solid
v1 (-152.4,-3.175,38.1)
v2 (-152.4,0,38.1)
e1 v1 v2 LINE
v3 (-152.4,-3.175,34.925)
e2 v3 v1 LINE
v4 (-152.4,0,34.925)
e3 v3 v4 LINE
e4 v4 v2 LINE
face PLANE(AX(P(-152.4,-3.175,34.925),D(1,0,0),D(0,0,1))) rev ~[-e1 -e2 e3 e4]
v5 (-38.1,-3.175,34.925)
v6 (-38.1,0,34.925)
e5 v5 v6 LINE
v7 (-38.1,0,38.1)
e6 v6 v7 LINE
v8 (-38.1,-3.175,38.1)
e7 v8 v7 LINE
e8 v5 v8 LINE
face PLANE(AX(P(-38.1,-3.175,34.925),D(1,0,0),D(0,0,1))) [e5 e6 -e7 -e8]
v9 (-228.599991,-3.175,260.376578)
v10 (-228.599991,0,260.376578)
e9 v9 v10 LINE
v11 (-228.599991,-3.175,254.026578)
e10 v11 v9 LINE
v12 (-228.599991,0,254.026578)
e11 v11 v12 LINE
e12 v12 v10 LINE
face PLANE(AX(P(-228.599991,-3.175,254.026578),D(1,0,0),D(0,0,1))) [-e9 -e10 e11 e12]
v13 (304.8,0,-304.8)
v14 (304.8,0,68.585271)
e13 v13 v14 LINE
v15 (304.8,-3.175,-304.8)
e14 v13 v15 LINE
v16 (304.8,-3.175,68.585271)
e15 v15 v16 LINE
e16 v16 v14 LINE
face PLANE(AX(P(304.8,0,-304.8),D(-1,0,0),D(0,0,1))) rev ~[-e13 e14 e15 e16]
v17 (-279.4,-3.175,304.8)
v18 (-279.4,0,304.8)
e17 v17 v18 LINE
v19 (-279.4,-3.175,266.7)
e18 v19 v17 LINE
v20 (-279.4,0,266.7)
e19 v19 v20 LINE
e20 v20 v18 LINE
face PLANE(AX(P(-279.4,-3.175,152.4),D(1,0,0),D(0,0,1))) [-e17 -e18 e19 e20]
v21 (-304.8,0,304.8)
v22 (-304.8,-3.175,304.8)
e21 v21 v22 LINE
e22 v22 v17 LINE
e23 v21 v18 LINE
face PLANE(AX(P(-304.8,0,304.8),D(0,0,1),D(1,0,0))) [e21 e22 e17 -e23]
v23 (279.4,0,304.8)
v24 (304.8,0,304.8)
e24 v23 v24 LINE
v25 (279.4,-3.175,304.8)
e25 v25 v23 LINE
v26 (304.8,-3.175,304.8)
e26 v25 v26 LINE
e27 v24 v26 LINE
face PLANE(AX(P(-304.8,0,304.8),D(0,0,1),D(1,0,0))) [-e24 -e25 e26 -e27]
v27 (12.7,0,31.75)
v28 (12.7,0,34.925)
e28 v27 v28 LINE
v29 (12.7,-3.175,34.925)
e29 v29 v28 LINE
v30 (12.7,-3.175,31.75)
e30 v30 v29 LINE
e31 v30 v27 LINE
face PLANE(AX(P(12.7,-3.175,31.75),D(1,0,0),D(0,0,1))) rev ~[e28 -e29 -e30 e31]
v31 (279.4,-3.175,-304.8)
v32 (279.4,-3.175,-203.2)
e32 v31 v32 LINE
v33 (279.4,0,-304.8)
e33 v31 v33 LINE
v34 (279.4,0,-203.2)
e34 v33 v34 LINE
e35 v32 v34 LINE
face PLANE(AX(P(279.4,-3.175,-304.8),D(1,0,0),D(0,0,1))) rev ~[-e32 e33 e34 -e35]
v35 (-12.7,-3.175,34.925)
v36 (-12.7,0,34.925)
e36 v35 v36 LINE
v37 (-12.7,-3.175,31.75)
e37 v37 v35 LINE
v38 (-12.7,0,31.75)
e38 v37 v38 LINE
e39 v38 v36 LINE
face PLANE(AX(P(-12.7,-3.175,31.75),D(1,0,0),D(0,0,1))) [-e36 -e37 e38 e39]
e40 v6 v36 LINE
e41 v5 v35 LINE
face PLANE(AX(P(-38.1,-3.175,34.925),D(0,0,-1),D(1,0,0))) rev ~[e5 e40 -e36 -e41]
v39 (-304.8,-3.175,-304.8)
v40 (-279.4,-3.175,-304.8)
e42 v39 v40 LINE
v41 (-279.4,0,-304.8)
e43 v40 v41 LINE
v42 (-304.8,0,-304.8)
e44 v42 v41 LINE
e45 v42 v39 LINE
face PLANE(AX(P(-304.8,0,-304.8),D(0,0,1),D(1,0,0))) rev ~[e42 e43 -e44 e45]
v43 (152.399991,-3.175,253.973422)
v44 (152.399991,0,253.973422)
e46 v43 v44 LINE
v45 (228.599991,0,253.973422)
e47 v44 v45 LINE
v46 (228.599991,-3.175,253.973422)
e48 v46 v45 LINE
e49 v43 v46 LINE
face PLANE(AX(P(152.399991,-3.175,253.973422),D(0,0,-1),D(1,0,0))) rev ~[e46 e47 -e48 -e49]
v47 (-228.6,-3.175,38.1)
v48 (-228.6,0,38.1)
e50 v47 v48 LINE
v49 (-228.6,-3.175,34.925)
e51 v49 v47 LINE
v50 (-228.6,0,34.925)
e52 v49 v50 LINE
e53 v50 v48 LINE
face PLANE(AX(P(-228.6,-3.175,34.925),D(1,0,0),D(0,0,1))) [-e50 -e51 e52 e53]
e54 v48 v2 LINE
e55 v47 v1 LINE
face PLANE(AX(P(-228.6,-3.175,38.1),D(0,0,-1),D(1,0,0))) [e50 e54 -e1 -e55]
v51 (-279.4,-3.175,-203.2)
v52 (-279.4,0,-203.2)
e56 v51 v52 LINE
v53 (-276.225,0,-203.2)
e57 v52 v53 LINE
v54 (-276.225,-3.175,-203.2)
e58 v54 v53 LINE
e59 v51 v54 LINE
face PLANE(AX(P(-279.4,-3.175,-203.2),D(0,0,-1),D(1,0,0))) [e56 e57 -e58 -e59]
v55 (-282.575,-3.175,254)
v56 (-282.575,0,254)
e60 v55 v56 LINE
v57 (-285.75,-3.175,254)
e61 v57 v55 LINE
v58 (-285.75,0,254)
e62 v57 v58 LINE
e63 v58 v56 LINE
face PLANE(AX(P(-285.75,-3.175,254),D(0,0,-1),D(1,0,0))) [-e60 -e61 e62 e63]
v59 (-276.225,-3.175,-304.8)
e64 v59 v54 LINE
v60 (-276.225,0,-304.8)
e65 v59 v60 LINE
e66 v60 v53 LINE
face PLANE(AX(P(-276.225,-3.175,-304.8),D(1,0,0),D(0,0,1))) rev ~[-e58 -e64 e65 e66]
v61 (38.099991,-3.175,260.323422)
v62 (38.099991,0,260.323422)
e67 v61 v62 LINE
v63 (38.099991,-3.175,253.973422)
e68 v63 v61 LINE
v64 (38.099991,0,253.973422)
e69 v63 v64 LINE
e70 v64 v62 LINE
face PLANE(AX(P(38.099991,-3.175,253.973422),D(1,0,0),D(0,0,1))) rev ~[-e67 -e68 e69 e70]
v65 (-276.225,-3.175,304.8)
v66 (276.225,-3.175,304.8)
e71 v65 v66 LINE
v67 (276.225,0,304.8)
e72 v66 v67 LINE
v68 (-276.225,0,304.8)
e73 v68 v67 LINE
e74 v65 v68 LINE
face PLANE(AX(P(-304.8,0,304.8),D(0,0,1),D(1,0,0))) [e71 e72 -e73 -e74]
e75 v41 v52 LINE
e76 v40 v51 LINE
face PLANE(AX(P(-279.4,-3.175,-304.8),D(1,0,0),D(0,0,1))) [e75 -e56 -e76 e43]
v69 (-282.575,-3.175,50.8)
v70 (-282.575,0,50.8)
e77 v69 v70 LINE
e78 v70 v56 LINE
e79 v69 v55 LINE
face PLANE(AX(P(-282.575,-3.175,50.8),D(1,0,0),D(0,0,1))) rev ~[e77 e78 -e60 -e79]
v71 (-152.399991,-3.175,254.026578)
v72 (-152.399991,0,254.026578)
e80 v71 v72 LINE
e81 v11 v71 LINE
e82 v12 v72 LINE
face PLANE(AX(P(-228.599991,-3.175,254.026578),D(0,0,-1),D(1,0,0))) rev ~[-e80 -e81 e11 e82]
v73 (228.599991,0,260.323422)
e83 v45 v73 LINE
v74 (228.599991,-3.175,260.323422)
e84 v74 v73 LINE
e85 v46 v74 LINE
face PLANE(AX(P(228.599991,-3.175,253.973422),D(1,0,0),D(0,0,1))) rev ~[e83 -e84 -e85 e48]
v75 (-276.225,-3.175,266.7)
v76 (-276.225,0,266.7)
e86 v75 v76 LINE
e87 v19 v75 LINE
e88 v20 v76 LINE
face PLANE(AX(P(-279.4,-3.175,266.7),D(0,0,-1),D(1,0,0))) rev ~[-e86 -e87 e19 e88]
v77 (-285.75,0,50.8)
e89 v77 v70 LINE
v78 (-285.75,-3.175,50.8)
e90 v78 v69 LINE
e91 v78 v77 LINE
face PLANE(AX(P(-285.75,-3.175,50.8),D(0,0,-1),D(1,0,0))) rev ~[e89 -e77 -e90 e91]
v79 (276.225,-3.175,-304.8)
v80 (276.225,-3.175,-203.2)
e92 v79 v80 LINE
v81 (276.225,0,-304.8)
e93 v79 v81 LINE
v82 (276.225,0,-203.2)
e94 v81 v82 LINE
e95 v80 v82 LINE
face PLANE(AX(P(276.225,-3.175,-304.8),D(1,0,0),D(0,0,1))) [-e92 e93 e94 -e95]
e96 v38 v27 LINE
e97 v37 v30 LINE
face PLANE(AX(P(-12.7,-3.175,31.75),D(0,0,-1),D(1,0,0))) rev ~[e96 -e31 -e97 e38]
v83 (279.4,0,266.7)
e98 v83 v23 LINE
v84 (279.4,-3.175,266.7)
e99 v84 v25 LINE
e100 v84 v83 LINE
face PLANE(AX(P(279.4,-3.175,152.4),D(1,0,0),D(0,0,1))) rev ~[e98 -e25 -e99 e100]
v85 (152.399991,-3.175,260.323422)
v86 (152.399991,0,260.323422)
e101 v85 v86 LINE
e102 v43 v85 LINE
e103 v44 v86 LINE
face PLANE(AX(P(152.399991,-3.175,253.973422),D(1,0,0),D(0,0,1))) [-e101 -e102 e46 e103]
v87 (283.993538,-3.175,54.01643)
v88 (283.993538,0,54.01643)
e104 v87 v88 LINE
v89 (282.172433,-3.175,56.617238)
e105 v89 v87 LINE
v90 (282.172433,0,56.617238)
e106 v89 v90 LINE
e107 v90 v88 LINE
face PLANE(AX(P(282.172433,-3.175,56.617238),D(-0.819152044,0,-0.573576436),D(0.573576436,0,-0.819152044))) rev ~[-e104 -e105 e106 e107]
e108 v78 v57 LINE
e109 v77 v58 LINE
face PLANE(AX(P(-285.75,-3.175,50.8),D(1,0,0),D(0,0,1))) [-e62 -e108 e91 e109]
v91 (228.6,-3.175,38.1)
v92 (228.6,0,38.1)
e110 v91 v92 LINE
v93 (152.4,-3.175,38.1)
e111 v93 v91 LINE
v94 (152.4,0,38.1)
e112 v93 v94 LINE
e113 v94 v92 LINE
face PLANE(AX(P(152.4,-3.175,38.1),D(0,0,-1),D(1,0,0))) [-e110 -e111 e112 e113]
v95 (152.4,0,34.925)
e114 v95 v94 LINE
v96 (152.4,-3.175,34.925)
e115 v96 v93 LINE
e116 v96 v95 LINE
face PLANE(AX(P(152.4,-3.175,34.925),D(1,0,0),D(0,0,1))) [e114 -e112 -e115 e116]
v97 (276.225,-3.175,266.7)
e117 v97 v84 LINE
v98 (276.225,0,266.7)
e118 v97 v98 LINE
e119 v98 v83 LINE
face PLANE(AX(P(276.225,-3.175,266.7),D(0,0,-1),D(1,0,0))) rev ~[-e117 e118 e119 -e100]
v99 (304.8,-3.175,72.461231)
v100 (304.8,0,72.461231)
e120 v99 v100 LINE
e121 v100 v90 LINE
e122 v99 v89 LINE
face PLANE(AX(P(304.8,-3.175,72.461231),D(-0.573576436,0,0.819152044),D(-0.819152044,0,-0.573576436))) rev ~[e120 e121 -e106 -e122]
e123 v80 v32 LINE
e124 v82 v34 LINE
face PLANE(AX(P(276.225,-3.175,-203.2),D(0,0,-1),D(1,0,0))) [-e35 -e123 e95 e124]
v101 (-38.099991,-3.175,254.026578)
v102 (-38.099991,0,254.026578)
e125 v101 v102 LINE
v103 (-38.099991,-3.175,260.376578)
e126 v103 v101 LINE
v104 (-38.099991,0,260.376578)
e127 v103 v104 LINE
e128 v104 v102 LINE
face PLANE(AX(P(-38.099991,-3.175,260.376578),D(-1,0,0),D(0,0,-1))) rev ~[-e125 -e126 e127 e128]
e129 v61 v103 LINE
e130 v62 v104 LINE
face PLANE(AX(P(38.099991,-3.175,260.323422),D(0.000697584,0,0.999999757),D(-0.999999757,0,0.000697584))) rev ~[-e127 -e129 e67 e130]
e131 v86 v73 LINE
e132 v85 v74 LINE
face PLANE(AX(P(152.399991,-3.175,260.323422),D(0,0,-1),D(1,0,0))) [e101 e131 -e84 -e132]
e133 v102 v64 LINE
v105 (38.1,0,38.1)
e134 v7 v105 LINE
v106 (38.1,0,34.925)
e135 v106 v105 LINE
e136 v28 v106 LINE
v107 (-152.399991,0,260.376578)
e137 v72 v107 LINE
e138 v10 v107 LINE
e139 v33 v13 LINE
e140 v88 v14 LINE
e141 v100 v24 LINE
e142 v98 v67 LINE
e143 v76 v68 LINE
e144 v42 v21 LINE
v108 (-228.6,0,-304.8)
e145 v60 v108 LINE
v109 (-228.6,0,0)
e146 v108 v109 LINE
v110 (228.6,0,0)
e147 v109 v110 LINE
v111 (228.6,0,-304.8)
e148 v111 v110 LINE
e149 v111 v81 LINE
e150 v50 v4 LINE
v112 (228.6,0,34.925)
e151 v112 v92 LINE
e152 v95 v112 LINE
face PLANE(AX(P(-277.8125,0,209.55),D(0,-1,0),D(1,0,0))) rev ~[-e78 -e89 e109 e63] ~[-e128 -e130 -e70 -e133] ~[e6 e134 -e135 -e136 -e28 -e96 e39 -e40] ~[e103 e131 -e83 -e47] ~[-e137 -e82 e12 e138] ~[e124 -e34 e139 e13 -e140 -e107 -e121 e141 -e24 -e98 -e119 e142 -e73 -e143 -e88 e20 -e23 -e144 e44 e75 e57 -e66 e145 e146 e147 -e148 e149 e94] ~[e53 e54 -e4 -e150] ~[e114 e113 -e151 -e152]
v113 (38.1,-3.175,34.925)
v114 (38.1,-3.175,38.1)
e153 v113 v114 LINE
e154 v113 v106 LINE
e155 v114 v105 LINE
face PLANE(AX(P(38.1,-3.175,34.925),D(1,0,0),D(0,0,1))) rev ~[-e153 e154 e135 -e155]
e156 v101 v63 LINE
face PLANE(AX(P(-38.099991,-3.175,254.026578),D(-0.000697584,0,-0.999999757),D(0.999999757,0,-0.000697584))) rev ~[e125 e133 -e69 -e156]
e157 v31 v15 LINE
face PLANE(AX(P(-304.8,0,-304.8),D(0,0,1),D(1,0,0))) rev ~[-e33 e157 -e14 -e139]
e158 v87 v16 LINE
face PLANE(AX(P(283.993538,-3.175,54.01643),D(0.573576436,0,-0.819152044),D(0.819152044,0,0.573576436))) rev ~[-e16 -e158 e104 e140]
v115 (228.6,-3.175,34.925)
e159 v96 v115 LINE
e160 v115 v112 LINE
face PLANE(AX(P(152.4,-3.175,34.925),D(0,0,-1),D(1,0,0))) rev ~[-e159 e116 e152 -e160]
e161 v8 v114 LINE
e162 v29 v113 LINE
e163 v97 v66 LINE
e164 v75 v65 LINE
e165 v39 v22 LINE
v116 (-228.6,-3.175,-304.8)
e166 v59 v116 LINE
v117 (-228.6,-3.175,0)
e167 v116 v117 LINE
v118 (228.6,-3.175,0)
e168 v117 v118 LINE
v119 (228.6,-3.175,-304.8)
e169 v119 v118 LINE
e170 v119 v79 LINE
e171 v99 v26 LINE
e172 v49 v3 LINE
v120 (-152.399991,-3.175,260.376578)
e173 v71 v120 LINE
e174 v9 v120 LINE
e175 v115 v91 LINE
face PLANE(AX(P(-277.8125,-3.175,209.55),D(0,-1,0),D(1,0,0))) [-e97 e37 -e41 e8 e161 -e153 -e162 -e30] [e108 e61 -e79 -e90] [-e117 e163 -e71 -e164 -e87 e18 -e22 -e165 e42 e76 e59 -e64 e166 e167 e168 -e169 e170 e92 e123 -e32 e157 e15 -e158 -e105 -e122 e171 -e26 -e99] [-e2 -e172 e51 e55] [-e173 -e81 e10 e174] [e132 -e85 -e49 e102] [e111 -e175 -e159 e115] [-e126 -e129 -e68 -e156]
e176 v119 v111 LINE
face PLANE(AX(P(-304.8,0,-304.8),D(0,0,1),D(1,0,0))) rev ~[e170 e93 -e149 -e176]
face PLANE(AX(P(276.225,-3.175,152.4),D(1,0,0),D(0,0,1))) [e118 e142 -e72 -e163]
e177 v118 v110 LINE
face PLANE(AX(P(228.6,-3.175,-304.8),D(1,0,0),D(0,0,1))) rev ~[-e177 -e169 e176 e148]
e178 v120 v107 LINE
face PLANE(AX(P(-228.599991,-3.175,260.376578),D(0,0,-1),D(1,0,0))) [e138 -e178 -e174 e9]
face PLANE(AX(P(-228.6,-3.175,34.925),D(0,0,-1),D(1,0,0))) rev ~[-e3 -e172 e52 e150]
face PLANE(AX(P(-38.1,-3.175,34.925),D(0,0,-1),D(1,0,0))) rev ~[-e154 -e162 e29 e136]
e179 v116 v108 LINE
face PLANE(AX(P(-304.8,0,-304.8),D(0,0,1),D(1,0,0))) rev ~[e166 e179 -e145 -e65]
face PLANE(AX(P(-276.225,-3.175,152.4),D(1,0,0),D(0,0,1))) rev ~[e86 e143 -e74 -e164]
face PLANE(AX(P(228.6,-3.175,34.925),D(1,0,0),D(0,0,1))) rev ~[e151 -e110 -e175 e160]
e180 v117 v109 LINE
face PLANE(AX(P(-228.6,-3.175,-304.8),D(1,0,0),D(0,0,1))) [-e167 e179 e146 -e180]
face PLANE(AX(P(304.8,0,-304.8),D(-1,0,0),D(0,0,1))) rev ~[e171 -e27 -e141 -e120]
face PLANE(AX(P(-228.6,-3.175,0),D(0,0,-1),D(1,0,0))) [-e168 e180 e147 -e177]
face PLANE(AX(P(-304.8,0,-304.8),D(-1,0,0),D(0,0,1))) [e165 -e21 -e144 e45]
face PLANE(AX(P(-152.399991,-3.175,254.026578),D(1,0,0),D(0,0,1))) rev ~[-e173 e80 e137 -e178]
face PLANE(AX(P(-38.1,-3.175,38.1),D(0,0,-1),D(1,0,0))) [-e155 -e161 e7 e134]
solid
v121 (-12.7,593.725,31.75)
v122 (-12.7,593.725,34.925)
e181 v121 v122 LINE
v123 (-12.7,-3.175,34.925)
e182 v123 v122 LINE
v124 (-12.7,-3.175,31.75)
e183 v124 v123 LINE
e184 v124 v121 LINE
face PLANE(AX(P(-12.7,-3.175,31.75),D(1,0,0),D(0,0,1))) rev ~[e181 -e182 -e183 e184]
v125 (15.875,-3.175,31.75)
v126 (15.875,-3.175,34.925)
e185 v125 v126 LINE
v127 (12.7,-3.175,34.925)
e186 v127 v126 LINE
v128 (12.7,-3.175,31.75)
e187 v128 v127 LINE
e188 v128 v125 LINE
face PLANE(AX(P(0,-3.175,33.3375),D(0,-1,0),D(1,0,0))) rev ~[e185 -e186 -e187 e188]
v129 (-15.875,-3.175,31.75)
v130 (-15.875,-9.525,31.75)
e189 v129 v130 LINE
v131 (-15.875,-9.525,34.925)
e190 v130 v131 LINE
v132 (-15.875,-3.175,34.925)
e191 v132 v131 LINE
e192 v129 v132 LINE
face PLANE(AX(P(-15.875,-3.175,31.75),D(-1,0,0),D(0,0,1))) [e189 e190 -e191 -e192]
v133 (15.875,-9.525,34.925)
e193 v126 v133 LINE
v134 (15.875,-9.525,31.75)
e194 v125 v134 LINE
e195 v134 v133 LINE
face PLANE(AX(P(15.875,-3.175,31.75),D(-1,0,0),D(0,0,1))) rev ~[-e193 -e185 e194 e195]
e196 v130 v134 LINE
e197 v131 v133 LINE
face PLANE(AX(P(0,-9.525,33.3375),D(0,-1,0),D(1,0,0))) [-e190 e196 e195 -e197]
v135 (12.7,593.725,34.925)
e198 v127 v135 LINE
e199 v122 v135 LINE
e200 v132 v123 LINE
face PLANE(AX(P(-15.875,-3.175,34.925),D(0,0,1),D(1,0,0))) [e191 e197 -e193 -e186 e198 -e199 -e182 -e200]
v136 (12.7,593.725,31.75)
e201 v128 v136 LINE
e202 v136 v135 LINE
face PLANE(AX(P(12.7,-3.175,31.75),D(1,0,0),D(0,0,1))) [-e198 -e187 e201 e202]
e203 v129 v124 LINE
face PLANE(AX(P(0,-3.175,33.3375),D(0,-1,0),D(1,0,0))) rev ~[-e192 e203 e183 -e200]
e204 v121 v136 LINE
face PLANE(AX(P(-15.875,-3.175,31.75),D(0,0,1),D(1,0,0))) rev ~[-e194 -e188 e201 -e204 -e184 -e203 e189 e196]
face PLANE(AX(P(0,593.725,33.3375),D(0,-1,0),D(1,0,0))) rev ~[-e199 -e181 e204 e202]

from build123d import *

# Parameters (mm, degrees)
F0_W      = 609.6
F0_H      = 609.6
F1_DEPTH  = 3.175
F2_W      = 457.2
F2_H      = 304.8
F2_W_2    = 3.175
F2_H_2    = 152.4
F2_W_3    = 76.2
F2_H_3    = 3.175
F2_H_4    = 6.35
F3_DEPTH  = 3.176
F4_W      = 3.175
F4_H      = 101.6
F5_DEPTH  = 3.176
F6_W      = 3.175
F6_H      = 203.2
F7_DEPTH  = 3.176
F8_W      = 25.4
F8_H      = 3.175
F9_DEPTH  = 3.176
F10_DEPTH = 596.9
F11_W     = 31.75
F11_H     = 3.175
F12_DEPTH = 6.35
F13_W     = 3.175
F13_H     = 114.3
F14_DEPTH = 3.175


with BuildPart() as f1:
    # F0 (on Front) → F1 (new body)
    with BuildSketch(Plane.XZ):
        Rectangle(F0_W, F0_H)
    extrude(amount=F1_DEPTH)

    # F2 (on face) → F3 (cut, through all)
    with BuildSketch(Plane.XZ.offset(3.175)):
        with Locations((0, -152.4)):
            Rectangle(F2_W, F2_H)
        with Locations((-277.8125, 228.6)):
            Rectangle(F2_W_2, F2_H_2)
        with Locations((277.8125, 228.6)):
            Rectangle(F2_W_2, F2_H_2)
        Polygon((283.9935380751, 54.0164299872), (304.8, 68.5852714705), (304.8, 72.4612307898), (282.1724328896, 56.6172377278), align=None)
        with Locations((-190.5, 36.5125)):
            Rectangle(F2_W_3, F2_H_3)
        with Locations((0, 36.5125)):
            Rectangle(F2_W_3, F2_H_3)
        with Locations((190.5, 36.5125)):
            Rectangle(F2_W_3, F2_H_3)
        Polygon((38.0999907298, 260.3234220437), (-38.0999907298, 260.3765779563), (-38.0999907298, 254.0265779563), (38.0999907298, 253.9734220437), align=None)
        with Locations((-190.4999907298, 257.2015779563)):
            Rectangle(F2_W_3, F2_H_4)
        with Locations((190.4999907298, 257.1484220437)):
            Rectangle(F2_W_3, F2_H_4)
    extrude(amount=-F3_DEPTH, mode=Mode.SUBTRACT)

    # F4 (on face) → F5 (cut, through all)
    with BuildSketch(Plane.XZ.offset(3.175)):
        with Locations((-277.8125, -254)):
            Rectangle(F4_W, F4_H)
        with Locations((277.8125, -254)):
            Rectangle(F4_W, F4_H)
    extrude(amount=-F5_DEPTH, mode=Mode.SUBTRACT)

    # F6 (on face) → F7 (cut, through all)
    with BuildSketch(Plane.XZ.offset(3.175)):
        with Locations((-284.1625, 152.4)):
            Rectangle(F6_W, F6_H)
    extrude(amount=-F7_DEPTH, mode=Mode.SUBTRACT)

    # F8 (on face) → F9 (cut, through all)
    with BuildSketch(Plane.XZ.offset(3.175)):
        with Locations((0, 33.3375)):
            Rectangle(F8_W, F8_H)
    extrude(amount=-F9_DEPTH, mode=Mode.SUBTRACT)

    # F13 (on face) → F14 (join)
    with BuildSketch(Plane.XZ.offset(3.175)):
        with Locations((-277.8125, 209.55)):
            Rectangle(F13_W, F13_H)
        with Locations((277.8125, 209.55)):
            Rectangle(F13_W, F13_H)
    extrude(amount=-F14_DEPTH)


with BuildPart() as f10:
    # F8 (on face) → F10 (new body)
    with BuildSketch(Plane.XZ.offset(3.175)):
        with Locations((0, 33.3375)):
            Rectangle(F8_W, F8_H)
    extrude(amount=-F10_DEPTH)

    # F11 (on face) → F12 (join)
    with BuildSketch(Plane.XZ.offset(3.175)):
        with Locations((0, 33.3375)):
            Rectangle(F11_W, F11_H)
    extrude(amount=F12_DEPTH)


solid = Compound([f1.part, f10.part])
